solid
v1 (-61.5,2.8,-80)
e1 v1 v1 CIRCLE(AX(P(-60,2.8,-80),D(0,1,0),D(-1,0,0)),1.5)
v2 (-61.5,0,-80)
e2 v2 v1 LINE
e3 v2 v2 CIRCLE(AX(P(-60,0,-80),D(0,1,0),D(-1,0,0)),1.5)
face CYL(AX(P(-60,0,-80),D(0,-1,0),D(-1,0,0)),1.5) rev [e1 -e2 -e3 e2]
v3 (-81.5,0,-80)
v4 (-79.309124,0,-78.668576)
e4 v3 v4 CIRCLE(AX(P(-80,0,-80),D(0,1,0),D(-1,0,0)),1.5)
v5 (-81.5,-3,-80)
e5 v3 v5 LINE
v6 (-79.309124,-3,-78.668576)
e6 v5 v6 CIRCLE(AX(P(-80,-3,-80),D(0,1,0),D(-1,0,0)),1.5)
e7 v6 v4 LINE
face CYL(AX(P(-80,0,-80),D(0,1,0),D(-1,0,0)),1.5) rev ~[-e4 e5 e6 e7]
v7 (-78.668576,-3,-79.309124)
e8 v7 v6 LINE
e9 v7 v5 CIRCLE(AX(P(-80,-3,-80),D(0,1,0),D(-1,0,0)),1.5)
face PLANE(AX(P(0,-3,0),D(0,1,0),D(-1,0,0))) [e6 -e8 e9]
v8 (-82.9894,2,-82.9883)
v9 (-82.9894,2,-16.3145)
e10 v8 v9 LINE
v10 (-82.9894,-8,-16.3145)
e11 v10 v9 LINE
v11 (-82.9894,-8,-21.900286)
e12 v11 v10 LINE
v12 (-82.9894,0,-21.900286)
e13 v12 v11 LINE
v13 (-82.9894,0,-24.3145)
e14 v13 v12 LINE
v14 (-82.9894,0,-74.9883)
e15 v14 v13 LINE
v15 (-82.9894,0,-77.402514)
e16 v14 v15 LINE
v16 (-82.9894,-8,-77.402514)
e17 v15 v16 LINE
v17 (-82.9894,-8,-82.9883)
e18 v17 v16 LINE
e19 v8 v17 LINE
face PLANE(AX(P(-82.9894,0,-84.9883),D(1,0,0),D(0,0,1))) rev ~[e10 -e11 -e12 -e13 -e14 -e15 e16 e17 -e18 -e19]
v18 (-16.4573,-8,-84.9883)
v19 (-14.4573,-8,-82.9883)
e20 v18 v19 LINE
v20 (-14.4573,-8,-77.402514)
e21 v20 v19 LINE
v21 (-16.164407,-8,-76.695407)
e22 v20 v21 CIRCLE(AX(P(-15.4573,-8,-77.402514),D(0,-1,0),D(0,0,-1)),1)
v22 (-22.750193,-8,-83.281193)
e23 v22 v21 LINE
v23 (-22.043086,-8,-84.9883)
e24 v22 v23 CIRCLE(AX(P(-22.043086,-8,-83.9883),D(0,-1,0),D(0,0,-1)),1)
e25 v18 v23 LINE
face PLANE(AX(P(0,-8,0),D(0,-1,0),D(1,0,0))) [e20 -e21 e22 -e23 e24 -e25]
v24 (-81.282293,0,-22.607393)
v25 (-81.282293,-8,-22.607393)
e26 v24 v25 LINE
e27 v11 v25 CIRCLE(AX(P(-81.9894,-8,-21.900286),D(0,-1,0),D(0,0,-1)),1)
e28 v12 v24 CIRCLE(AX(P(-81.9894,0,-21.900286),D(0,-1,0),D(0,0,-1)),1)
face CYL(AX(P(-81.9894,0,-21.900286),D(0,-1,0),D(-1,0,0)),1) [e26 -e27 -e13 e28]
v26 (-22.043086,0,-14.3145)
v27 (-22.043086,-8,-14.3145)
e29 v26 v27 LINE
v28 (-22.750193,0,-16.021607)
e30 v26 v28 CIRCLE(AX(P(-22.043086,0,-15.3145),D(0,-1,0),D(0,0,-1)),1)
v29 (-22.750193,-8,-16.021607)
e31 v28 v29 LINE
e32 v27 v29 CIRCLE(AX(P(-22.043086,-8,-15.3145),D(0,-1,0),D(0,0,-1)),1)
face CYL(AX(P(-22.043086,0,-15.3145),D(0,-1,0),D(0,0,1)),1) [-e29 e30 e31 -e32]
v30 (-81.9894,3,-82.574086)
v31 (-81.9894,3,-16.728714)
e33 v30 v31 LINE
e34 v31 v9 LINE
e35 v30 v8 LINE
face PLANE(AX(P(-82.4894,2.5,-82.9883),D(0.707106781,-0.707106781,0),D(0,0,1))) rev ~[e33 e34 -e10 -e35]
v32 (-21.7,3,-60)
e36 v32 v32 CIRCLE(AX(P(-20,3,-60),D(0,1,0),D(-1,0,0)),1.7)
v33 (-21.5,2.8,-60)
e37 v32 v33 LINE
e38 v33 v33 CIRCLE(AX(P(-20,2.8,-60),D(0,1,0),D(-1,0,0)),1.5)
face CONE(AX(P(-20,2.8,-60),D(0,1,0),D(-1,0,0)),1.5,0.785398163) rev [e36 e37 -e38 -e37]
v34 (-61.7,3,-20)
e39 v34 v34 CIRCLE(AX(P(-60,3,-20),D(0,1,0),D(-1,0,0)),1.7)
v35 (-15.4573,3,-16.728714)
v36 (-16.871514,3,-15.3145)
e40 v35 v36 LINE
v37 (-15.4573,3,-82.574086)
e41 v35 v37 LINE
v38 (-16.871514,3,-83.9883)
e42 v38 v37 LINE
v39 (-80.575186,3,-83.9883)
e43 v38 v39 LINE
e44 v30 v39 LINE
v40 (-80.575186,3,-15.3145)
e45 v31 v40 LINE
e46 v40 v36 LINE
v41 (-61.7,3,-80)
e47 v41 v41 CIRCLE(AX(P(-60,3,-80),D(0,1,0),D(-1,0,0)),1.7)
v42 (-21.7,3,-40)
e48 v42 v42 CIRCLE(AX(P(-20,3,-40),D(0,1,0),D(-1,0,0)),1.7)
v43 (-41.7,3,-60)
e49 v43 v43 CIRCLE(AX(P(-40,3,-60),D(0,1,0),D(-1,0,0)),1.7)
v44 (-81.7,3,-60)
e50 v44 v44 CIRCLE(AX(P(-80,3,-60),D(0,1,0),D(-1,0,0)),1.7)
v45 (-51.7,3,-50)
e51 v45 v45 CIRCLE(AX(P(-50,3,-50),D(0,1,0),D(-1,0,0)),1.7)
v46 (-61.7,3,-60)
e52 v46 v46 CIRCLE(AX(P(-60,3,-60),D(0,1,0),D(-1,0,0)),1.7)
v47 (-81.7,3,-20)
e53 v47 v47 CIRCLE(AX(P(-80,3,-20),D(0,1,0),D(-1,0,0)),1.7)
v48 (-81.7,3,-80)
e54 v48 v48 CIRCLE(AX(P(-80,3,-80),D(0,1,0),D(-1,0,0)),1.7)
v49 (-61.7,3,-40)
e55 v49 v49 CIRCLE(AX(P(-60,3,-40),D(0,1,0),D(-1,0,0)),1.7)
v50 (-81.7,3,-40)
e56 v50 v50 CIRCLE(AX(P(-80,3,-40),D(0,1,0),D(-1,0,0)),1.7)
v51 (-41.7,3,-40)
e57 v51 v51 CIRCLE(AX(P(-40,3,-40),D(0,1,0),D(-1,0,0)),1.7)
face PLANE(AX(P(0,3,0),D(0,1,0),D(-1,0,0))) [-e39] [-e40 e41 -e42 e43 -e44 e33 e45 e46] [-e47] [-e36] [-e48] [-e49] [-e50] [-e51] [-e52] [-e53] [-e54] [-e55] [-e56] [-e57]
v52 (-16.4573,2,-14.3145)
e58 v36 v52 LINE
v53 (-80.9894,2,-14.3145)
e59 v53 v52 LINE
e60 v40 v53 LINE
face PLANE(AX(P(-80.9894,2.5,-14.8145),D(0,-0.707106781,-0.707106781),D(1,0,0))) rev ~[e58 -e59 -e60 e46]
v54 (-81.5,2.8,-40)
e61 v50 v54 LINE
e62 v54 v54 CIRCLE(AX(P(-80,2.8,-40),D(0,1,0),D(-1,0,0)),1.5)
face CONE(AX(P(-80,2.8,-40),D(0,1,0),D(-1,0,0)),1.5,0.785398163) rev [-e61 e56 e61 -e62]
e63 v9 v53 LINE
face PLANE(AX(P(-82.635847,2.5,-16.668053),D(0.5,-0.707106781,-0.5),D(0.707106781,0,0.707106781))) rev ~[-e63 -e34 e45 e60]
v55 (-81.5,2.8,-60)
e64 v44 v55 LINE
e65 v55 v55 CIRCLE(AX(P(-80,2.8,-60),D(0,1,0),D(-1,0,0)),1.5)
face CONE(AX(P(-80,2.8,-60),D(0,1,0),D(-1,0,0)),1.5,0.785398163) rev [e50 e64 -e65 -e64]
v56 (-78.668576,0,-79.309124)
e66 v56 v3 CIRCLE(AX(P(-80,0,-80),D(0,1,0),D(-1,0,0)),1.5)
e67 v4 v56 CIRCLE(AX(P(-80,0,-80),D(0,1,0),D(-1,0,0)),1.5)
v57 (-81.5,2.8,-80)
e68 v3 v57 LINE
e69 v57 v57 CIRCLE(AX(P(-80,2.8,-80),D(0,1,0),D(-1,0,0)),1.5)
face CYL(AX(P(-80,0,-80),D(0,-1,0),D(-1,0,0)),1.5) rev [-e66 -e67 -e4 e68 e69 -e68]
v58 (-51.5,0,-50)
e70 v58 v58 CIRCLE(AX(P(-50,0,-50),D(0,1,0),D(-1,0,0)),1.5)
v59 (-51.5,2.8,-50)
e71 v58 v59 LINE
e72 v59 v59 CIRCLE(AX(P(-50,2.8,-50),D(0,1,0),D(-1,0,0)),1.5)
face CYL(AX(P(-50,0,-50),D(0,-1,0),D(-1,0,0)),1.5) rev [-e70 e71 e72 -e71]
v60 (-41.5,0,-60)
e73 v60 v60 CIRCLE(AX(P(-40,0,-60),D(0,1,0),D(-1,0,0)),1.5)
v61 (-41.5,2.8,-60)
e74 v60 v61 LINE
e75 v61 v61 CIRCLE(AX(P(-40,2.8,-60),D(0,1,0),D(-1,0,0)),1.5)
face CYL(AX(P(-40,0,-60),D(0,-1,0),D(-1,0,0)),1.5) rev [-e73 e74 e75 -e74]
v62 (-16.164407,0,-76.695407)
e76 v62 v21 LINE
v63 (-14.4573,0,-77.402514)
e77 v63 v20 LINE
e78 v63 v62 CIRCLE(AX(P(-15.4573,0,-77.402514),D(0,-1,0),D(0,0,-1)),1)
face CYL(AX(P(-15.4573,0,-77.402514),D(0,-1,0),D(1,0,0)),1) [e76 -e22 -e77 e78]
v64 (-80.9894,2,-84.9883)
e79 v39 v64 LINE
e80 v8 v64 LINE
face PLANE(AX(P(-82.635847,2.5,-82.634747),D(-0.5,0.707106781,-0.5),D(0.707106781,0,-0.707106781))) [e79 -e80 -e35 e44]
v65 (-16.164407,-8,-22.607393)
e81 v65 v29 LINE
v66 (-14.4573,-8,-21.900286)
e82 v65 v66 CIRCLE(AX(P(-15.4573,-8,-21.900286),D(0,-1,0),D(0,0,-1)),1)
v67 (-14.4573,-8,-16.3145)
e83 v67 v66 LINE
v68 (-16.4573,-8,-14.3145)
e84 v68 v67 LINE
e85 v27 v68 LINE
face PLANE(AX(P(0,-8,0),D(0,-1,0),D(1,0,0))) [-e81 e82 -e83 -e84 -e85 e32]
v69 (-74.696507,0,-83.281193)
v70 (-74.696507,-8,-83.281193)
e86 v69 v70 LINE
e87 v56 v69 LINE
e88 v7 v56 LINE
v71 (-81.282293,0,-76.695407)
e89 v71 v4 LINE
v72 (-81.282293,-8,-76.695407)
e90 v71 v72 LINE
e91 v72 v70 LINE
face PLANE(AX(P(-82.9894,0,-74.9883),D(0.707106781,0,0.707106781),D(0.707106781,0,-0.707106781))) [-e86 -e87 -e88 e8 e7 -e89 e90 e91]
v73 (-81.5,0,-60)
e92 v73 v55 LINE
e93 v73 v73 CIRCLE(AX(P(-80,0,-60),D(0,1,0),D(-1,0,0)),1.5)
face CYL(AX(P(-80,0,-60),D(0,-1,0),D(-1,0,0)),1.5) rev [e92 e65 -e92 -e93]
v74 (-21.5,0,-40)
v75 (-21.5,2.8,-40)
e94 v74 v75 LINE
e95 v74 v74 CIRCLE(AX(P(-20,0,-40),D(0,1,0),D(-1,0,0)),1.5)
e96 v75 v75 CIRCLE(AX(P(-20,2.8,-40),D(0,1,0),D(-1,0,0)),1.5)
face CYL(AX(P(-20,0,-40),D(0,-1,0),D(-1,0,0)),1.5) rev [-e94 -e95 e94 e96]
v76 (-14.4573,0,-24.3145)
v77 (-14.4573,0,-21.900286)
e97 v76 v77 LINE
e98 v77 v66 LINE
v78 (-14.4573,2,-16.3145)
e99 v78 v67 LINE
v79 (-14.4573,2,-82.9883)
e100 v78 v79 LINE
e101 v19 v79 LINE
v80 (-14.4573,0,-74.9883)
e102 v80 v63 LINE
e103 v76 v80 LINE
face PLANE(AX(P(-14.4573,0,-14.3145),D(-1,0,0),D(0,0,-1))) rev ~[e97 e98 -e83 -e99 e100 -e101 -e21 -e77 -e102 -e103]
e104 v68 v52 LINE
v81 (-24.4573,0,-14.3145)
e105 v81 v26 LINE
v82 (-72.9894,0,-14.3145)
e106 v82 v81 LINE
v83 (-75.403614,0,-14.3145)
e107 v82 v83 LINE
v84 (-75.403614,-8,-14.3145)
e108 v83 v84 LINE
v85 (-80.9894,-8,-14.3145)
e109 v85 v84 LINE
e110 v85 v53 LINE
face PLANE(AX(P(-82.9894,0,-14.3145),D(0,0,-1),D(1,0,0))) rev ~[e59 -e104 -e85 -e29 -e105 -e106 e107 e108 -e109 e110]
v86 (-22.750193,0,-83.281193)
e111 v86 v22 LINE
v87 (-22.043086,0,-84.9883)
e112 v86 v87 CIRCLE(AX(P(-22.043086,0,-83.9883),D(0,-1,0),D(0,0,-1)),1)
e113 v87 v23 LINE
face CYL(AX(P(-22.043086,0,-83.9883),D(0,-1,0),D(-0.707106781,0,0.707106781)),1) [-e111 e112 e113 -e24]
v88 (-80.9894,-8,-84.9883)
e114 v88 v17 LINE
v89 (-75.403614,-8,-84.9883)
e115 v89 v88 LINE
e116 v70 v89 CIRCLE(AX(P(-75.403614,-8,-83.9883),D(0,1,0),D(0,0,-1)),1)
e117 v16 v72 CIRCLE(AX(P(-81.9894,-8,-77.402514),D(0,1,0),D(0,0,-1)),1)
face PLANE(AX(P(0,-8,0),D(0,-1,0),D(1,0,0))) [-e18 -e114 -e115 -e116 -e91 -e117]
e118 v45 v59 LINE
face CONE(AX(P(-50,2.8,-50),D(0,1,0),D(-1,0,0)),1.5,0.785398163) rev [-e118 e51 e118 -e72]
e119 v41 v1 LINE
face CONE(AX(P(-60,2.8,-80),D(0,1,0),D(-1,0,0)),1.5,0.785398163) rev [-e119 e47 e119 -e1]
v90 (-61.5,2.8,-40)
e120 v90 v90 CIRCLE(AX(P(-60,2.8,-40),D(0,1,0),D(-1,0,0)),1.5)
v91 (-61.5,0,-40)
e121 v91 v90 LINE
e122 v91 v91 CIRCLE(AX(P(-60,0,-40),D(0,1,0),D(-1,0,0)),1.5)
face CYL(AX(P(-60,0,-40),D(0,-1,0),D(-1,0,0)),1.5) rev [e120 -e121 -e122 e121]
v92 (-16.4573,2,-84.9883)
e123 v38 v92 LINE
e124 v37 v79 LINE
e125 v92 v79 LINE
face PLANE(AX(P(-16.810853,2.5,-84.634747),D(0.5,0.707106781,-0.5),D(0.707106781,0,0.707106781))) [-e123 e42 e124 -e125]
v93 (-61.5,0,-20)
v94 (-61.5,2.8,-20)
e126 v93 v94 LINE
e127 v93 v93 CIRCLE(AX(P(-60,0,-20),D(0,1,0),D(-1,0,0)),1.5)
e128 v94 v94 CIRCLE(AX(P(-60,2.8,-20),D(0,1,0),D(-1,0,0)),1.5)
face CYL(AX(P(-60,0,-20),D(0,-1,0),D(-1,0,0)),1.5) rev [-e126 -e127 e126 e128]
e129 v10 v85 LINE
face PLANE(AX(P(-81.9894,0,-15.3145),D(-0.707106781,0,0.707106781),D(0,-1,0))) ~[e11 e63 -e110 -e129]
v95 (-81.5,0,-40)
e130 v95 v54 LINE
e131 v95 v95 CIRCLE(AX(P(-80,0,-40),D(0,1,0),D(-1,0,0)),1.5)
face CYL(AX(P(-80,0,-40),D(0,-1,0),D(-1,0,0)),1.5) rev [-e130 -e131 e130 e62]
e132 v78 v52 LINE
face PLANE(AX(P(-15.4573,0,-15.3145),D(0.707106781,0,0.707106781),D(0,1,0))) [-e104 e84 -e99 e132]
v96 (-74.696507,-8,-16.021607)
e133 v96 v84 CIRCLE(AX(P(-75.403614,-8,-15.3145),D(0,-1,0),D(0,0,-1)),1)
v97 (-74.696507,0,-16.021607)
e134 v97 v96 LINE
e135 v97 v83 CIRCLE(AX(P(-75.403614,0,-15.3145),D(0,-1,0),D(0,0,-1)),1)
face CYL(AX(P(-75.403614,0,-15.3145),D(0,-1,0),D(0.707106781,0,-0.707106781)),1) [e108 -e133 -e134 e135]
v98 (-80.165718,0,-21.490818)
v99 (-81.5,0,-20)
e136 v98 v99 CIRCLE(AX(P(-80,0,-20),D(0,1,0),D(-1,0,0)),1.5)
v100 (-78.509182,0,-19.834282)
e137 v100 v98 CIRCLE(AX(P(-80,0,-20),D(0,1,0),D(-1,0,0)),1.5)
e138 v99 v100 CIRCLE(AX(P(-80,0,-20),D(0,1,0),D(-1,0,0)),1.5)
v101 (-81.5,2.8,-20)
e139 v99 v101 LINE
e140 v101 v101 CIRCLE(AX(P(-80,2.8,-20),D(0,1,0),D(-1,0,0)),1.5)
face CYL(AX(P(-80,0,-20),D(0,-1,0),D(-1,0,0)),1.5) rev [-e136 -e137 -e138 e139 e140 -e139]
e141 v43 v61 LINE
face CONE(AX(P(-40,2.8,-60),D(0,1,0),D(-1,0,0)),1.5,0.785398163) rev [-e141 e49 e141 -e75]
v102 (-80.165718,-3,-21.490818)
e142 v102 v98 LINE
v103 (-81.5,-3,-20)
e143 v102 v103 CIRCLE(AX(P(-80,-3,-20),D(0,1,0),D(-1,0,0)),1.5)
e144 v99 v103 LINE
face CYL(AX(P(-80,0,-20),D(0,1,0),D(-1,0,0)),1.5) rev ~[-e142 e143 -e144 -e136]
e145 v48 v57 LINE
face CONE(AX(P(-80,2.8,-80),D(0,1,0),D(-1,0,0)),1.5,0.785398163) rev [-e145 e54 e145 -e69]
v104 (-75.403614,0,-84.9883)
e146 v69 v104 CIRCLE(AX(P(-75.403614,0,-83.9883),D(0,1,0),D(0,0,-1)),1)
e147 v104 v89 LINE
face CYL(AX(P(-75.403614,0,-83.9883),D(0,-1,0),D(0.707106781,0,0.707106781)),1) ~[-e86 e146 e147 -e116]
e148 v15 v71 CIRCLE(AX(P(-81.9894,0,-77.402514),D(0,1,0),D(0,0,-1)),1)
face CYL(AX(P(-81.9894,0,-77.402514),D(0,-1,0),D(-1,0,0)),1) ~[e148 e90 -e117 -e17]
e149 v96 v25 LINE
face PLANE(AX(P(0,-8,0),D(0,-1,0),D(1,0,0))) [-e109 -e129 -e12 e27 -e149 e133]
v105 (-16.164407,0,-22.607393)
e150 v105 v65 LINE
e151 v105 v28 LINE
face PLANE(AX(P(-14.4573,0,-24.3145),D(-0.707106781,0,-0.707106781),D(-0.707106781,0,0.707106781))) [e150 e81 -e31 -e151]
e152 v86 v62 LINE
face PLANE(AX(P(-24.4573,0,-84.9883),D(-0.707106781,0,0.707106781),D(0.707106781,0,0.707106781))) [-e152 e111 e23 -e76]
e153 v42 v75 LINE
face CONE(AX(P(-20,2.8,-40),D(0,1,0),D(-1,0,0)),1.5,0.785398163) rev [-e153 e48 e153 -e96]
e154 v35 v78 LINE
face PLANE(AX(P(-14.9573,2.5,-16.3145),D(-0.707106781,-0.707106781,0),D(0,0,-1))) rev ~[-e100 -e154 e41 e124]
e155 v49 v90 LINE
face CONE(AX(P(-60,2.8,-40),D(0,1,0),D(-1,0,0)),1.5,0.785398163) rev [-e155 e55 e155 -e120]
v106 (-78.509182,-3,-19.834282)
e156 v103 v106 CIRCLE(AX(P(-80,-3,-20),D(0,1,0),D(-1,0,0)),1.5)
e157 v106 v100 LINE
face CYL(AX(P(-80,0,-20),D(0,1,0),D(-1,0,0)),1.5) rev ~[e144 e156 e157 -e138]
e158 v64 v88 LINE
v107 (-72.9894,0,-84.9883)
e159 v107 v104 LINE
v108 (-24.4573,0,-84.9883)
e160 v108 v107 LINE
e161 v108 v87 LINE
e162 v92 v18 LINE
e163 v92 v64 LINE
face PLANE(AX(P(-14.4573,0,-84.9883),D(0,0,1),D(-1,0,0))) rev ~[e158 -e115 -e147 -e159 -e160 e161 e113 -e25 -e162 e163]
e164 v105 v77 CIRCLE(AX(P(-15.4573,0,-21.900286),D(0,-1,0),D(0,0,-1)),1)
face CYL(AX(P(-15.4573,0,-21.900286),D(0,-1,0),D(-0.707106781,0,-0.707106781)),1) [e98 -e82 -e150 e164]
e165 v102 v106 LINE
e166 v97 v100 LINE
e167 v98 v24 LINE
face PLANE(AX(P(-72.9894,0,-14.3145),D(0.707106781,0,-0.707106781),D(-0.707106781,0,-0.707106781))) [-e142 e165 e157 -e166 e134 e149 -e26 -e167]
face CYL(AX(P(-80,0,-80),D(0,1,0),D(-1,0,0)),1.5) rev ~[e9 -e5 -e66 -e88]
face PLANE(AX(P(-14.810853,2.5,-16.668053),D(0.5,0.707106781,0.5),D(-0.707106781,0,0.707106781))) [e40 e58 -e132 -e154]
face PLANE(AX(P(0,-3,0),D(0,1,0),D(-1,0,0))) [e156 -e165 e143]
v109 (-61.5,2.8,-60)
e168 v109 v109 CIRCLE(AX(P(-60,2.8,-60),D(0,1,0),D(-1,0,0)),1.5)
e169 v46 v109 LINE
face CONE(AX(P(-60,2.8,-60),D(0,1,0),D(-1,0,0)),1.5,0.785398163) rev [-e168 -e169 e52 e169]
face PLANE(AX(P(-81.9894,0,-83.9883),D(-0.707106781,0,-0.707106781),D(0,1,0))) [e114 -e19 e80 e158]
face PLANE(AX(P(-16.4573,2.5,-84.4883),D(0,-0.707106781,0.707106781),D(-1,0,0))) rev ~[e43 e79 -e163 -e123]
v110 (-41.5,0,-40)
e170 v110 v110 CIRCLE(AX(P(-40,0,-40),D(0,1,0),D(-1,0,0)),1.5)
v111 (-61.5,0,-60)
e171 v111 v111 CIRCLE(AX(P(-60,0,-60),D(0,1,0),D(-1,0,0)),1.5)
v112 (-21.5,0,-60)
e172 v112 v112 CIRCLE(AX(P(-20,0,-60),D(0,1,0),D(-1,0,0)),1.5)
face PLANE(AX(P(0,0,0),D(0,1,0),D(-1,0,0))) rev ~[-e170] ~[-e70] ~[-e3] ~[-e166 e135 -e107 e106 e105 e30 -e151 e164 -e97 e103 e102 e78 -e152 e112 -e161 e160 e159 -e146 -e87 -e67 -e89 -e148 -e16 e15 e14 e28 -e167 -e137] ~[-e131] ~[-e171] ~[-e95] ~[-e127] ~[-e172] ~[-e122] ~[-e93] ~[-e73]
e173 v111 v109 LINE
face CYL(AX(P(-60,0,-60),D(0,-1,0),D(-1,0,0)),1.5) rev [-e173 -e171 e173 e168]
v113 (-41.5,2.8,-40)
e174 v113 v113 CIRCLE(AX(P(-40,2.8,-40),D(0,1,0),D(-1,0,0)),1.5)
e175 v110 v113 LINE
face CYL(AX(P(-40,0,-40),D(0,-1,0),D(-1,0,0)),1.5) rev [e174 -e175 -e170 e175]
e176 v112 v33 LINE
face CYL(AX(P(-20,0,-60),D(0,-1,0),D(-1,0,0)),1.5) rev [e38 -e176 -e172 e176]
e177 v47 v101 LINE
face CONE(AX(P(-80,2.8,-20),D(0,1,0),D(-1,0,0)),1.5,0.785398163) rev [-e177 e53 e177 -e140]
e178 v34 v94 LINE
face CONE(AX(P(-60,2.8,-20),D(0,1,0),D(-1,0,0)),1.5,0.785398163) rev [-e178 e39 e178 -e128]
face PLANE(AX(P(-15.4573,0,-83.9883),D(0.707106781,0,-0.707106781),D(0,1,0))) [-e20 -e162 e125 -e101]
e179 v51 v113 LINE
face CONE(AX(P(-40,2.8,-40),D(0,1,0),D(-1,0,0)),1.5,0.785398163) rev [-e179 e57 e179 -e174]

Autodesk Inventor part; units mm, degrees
ref_plane "YZ Plane" through (0, 0, 0) normal (1, 0, 0) x (0, 1, 0)
ref_plane "XZ Plane" through (0, 0, 0) normal (0, 1, 0) x (-1, 0, 0)
ref_plane "XY Plane" through (0, 0, 0) normal (0, 0, 1) x (1, 0, 0)
sketch "Sketch1" plane through (0, 0, 0) normal (0, 1, 0) x (-1, 0, 0)
  circle A0 centre (80, -20) radius 1.5
  circle A1 centre (80, -40) radius 1.5
  circle A2 centre (80, -60) radius 1.5
  circle A3 centre (80, -80) radius 1.5
  circle A4 centre (60, -80) radius 1.5
  circle A5 centre (60, -60) radius 1.5
  circle A6 centre (60, -40) radius 1.5
  circle A7 centre (60, -20) radius 1.5
  circle A8 centre (20, -60) radius 1.5
  circle A9 centre (20, -40) radius 1.5
  circle A10 centre (40, -60) radius 1.5
  circle A11 centre (40, -40) radius 1.5
  circle A12 centre (50, -50) radius 1.5
  line L0 (82.9894, -14.3145) -> (14.4573, -14.3145)
  line L1 (14.4573, -14.3145) -> (14.4573, -84.9883)
  line L2 (14.4573, -84.9883) -> (82.9894, -84.9883)
  line L3 (82.9894, -84.9883) -> (82.9894, -14.3145)
  point P0 (0, 0)
  dimension "d4" = 3
  dimension "d5" = 3
  dimension "d6" = 3
  dimension "d7" = 3
  dimension "d8" = 3
  dimension "d9" = 3
  dimension "d10" = 3
  dimension "d11" = 3
  dimension "d13" = 3
  dimension "d14" = 3
  dimension "d15" = 3
  dimension "d16" = 3
  dimension "d17" = 60
  dimension "d20" = 3
extrude "Extrusion1" add sketch "Sketch1" along normal blind 3
chamfer "Chamfer1" distance 2 angle 45 4 edges at (-14.4573, 1.5, -14.3145) (-14.4573, 1.5, -84.9883) (-82.9894, 1.5, -84.9883) (-82.9894, 1.5, -14.3145)
sketch "Sketch2" plane through (0, 0, 0) normal (0, -1, 0) x (1, 0, 0)
  line L0 (-14.4573, -16.3145) -> (-14.4573, -82.9883) projected
  line L1 (-14.4573, -82.9883) -> (-14.4573, -74.9883)
  line L2 (-16.4573, -84.9883) -> (-80.9894, -84.9883) projected
  line L3 (-16.4573, -84.9883) -> (-24.4573, -84.9883)
  line L4 (-24.4573, -84.9883) -> (-14.4573, -74.9883)
  line L5 (-16.4573, -84.9883) -> (-14.4573, -82.9883) projected
  line L6 (-16.4573, -84.9883) -> (-14.4573, -82.9883)
  line L7 (-80.9894, -84.9883) -> (-72.9894, -84.9883)
  line L8 (-82.9894, -82.9883) -> (-82.9894, -16.3145) projected
  line L9 (-80.9894, -84.9883) -> (-82.9894, -82.9883)
  line L10 (-82.9894, -82.9883) -> (-82.9894, -74.9883)
  line L11 (-82.9894, -74.9883) -> (-72.9894, -84.9883)
  line L12 (-80.9894, -14.3145) -> (-16.4573, -14.3145) projected
  line L13 (-16.4573, -14.3145) -> (-24.4573, -14.3145)
  line L14 (-16.4573, -14.3145) -> (-14.4573, -16.3145)
  line L15 (-14.4573, -16.3145) -> (-14.4573, -24.3145)
  line L16 (-14.4573, -24.3145) -> (-24.4573, -14.3145)
  line L17 (-82.9894, -16.3145) -> (-82.9894, -24.3145)
  line L18 (-82.9894, -16.3145) -> (-80.9894, -14.3145)
  line L19 (-80.9894, -14.3145) -> (-72.9894, -14.3145)
  line L20 (-72.9894, -14.3145) -> (-82.9894, -24.3145)
  point P0 (0, 0)
  dimension "d26" = 8
  dimension "d27" = 8
  dimension "d28" = 8
  dimension "d29" = 8
  dimension "d30" = 8
  dimension "d31" = 8
  dimension "d32" = 8
  dimension "d33" = 8
extrude "Extrusion2" add sketch "Sketch2" along normal blind 8 contours L0 L16 L12 L14 | L0 L5 L2 L4 | L20 L8 L18 L12 | L2 L9 L8 L11
extrude "Extrusion3" cut sketch "Sketch1" against normal blind 3 contours A0 | A3
fillet "Fillet1" radius 1 1 edges at (-82.9894, -4, -24.3145)
fillet "Fillet2" radius 1 7 edges at (-72.9894, -4, -14.3145) (-14.4573, -4, -24.3145) (-14.4573, -4, -74.9883) (-24.4573, -4, -84.9883) (-72.9894, -4, -84.9883) (-24.4573, -4, -14.3145) (-82.9894, -4, -74.9883)
chamfer "Chamfer2" distance 0.2 angle 45 13 edges at (-78.5, 3, -80) (-58.5, 3, -80) (-58.5, 3, -60) (-78.5, 3, -60) (-38.5, 3, -60) (-18.5, 3, -60) (-18.5, 3, -40) (-38.5, 3, -40) (-48.5, 3, -50) (-58.5, 3, -40) (-58.5, 3, -20) (-78.5, 3, -40) (-78.5, 3, -20)
chamfer "Chamfer3" distance 1 angle 45 8 edges at (-48.7233, 3, -14.3145) (-14.4573, 3, -49.6514) (-48.7233, 3, -84.9883) (-82.9894, 3, -49.6514) (-81.9894, 3, -83.9883) (-15.4573, 3, -83.9883) (-15.4573, 3, -15.3145) (-81.9894, 3, -15.3145)
sketch "Sketch4" plane through (0, 3, 0) normal (0, 1, 0) x (1, 0, 0)
  point P0 (0, 0)
equation "\"BendRadius\" = Thickness"
equation "\"BendReliefWidth\" = Thickness"
equation "\"BendReliefDepth\" = 0.5 * Thickness"
equation "\"CornerReliefSize\" = 4 * Thickness"
equation "\"MinimumRemnant\" = 2 * Thickness"
equation "\"TransitionRadius\" = BendRadius"
equation "\"JacobiRadiusSize\" = BendRadius"
equation "\"GapSize\" = Thickness"
equation "\"Thickness\" = 0.5"
properties part number "Repick"
